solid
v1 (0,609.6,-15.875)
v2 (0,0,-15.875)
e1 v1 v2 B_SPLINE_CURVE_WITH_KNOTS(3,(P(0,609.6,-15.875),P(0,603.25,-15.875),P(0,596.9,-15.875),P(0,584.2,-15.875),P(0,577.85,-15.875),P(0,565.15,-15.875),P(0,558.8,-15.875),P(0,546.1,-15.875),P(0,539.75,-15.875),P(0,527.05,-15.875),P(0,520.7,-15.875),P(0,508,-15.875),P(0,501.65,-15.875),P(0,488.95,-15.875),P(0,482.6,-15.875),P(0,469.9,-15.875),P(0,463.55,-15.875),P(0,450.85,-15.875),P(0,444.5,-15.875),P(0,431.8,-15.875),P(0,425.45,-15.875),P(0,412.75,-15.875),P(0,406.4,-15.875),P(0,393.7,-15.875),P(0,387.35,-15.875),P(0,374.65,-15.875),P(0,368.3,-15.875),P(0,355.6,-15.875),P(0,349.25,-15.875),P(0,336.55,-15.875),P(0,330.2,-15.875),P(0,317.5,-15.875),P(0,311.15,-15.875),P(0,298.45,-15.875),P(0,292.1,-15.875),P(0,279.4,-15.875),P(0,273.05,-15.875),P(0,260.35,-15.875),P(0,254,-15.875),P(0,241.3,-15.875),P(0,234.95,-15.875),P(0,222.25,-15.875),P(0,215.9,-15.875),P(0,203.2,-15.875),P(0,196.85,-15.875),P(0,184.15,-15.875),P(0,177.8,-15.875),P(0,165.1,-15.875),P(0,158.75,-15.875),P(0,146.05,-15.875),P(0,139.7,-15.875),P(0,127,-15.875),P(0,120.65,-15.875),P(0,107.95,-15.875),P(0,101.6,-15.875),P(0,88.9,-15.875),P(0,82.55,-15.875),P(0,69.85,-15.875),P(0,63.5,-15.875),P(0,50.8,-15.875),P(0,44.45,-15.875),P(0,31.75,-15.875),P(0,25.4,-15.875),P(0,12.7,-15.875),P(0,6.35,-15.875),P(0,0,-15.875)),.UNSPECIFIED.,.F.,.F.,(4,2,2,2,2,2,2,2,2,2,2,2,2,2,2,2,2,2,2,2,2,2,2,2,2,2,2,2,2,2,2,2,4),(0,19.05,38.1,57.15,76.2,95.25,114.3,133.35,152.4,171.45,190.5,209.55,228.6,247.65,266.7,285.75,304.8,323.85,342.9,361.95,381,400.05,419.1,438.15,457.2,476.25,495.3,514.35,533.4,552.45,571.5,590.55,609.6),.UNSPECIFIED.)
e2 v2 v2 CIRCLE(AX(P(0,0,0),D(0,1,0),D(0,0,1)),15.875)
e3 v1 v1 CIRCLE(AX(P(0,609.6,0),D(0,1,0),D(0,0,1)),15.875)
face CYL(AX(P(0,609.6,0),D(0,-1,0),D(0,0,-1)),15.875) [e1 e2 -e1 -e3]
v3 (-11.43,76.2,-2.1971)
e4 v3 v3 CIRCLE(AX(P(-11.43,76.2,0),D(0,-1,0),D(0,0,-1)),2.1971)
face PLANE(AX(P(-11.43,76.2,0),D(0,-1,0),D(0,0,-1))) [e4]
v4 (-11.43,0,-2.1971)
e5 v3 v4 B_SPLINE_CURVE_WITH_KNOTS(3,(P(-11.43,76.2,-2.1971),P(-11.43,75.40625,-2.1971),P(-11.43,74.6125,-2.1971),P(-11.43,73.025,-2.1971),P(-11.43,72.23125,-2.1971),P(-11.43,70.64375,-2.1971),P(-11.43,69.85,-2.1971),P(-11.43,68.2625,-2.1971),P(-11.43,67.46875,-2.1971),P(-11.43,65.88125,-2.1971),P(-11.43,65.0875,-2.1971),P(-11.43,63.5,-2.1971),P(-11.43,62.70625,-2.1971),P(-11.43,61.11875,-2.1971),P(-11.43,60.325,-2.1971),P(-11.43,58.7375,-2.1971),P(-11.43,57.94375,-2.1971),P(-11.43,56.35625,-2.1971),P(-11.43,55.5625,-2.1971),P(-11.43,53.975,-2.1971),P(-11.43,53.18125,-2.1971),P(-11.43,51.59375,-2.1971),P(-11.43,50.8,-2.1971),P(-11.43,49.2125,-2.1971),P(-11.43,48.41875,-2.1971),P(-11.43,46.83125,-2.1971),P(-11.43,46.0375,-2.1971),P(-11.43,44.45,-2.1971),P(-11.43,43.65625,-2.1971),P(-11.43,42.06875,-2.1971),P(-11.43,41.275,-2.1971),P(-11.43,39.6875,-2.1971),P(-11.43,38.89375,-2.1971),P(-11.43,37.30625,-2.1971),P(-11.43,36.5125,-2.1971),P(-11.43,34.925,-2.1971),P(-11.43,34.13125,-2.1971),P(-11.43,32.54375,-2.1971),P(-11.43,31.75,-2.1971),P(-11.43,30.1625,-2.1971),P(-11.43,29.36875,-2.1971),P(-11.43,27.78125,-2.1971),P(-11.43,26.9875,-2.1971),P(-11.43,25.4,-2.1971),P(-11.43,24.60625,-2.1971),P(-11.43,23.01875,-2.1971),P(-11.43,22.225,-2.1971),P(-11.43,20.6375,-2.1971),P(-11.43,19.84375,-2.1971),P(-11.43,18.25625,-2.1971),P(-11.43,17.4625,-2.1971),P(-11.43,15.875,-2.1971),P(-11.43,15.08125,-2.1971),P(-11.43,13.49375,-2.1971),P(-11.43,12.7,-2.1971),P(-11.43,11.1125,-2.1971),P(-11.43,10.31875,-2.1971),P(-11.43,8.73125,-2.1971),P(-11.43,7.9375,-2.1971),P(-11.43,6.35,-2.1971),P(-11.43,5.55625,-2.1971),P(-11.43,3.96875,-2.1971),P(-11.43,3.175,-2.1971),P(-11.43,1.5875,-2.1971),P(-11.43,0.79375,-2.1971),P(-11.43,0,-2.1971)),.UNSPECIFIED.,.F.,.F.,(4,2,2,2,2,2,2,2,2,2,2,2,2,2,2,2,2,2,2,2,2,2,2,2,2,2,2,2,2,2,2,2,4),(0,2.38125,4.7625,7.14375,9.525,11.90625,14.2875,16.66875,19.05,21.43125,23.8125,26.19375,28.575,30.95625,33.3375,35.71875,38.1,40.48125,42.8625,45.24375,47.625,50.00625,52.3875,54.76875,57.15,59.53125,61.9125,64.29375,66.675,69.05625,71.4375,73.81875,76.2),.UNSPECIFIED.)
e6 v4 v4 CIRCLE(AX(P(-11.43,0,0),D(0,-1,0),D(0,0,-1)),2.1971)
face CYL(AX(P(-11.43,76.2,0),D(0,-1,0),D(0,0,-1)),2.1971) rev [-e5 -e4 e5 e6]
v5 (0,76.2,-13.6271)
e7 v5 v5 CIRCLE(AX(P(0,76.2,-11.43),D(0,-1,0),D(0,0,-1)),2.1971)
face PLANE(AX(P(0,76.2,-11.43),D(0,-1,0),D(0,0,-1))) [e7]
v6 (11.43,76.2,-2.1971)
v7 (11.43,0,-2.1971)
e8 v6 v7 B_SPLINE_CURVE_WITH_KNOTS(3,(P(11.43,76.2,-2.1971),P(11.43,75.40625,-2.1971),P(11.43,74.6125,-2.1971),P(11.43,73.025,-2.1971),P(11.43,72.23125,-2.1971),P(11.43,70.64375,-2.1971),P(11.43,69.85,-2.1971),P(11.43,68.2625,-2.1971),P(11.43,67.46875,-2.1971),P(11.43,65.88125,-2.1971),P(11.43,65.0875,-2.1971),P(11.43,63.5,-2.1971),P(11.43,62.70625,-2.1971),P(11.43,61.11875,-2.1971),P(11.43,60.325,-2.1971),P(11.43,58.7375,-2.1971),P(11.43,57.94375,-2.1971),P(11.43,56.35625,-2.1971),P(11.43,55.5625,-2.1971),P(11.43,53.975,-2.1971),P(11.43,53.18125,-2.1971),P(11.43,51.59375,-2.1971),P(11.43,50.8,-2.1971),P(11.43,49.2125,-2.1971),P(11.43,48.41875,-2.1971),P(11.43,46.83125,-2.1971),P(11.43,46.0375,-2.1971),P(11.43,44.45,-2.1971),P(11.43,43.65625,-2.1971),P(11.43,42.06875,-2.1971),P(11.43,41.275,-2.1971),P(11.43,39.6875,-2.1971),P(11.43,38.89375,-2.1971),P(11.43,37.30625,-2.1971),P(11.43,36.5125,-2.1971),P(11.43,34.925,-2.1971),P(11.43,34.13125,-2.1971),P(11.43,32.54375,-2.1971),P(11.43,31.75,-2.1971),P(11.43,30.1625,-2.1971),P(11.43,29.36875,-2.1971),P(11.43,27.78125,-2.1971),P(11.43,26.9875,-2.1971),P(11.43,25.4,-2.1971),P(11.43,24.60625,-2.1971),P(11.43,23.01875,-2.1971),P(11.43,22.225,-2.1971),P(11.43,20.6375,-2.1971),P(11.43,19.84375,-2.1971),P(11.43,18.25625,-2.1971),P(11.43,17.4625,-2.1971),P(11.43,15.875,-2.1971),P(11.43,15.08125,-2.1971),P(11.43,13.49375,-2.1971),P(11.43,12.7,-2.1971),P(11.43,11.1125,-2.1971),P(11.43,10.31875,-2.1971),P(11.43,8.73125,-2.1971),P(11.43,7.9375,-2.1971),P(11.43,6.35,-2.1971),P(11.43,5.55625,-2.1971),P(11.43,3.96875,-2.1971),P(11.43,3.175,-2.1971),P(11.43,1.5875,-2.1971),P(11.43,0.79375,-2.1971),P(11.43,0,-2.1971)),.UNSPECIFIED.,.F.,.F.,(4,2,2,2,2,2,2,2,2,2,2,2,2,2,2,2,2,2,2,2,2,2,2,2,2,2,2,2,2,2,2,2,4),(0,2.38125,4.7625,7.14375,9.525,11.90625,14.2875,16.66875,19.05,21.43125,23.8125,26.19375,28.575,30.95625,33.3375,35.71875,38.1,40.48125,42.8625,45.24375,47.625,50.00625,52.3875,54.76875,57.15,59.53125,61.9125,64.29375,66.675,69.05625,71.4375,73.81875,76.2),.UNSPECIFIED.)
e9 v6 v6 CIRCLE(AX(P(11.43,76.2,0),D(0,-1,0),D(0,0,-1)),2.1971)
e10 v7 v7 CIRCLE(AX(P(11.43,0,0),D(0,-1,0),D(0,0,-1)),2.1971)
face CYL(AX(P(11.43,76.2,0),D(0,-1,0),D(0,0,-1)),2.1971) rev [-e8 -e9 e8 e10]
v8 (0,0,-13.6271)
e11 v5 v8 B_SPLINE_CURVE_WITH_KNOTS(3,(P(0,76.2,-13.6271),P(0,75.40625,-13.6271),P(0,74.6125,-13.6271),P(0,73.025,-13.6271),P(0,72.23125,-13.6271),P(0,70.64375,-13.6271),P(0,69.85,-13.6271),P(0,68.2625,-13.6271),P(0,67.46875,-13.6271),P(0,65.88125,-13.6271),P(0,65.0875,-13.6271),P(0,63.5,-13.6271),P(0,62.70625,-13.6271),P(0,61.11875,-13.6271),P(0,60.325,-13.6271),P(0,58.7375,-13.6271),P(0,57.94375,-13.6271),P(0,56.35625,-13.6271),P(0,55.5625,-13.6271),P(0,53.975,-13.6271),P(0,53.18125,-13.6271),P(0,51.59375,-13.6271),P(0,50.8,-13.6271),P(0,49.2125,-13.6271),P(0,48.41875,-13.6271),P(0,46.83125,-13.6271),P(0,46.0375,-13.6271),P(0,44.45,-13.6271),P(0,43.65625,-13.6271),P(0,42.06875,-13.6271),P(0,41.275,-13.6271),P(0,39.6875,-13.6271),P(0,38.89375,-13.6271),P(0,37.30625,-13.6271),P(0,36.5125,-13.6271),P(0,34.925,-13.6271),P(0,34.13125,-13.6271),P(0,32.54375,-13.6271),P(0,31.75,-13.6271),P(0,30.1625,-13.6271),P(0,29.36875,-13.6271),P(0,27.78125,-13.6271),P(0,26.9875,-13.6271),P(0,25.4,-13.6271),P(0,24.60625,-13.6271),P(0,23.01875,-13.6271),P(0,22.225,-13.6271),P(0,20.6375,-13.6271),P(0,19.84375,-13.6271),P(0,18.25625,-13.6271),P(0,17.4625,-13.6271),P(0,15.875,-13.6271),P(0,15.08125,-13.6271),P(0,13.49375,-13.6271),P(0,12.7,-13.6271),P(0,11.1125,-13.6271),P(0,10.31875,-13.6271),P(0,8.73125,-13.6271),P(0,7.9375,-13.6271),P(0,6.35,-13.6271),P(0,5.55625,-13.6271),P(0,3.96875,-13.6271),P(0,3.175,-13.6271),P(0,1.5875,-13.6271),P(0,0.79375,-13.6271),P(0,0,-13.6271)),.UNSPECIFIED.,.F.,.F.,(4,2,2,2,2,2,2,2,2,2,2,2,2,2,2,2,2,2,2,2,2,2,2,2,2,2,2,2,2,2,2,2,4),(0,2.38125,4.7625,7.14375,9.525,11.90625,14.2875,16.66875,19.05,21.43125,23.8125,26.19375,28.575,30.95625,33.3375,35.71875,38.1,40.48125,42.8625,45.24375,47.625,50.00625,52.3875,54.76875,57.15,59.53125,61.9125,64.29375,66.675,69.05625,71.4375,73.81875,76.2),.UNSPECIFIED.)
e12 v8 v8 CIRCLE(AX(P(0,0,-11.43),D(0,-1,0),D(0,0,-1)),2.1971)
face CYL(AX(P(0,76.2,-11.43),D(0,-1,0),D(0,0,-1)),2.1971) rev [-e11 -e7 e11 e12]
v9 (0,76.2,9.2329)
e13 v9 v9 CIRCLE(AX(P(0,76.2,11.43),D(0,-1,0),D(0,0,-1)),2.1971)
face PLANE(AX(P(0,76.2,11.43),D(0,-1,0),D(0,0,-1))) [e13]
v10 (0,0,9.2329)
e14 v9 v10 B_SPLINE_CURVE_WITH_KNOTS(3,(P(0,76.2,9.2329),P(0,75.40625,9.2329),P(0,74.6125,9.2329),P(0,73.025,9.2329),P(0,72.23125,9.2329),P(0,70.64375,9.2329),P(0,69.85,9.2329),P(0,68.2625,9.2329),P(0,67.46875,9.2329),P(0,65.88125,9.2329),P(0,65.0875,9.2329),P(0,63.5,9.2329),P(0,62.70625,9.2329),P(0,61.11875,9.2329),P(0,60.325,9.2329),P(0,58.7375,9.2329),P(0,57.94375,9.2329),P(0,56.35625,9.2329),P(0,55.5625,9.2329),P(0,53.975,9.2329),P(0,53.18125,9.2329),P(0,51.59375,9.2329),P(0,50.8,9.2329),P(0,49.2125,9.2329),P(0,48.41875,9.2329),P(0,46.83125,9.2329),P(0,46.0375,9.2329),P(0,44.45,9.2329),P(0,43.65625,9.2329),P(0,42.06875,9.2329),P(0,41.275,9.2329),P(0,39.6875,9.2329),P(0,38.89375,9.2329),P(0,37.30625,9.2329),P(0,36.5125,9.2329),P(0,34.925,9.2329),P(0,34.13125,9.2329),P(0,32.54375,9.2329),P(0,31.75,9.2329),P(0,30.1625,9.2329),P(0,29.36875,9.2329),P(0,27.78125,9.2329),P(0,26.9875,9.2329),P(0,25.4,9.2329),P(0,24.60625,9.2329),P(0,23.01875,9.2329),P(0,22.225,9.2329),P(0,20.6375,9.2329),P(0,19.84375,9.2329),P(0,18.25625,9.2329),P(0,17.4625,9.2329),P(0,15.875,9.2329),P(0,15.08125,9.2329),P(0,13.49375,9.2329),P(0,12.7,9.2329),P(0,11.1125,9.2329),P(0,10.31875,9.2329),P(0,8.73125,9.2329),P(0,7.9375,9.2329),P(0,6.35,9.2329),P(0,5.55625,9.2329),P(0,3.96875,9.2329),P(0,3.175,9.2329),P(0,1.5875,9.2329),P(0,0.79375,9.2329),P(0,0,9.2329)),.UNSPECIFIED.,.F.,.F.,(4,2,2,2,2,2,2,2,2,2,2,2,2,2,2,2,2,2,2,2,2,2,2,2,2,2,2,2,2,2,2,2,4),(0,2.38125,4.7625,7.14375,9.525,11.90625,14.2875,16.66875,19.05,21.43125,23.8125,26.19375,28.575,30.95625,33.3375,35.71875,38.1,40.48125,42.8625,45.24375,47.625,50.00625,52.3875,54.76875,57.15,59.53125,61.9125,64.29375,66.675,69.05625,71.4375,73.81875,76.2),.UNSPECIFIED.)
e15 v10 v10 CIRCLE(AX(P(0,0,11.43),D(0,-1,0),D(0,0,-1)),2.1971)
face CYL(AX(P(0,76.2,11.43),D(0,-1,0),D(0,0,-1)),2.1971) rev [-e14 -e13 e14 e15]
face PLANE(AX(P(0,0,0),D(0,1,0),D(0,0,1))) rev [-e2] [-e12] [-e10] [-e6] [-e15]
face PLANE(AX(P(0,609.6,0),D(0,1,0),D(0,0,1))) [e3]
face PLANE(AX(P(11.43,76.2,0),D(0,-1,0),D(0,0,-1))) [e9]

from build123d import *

# Parameters (mm, degrees)
SKETCH1_R           = 15.875
BOSS_EXTRUDE1_DEPTH = 609.6
SKETCH2_R           = 2.1971
CUT_EXTRUDE1_DEPTH  = 76.2


with BuildPart() as part:
    # Sketch1 → Boss-Extrude1 (new body)
    with BuildSketch(Plane(origin=(0, 0, 0), x_dir=(1, 0, 0), z_dir=(0, 1, 0))):
        with Locations(Location((0, 0, 0), (0, 0, 90))):
            Circle(SKETCH1_R)
    extrude(amount=BOSS_EXTRUDE1_DEPTH)

    # Sketch2 → Cut-Extrude1 (cut)
    with BuildSketch(Plane.XZ):
        with Locations(Location((0, 11.43, 0), (0, 0, 270))):
            Circle(SKETCH2_R)
        with Locations(Location((11.43, 0, 0), (0, 0, 270))):
            Circle(SKETCH2_R)
        with Locations(Location((0, -11.43, 0), (0, 0, 270))):
            Circle(SKETCH2_R)
        with Locations(Location((-11.43, 0, 0), (0, 0, 270))):
            Circle(SKETCH2_R)
    extrude(amount=-CUT_EXTRUDE1_DEPTH, mode=Mode.SUBTRACT)


solid = part.part
